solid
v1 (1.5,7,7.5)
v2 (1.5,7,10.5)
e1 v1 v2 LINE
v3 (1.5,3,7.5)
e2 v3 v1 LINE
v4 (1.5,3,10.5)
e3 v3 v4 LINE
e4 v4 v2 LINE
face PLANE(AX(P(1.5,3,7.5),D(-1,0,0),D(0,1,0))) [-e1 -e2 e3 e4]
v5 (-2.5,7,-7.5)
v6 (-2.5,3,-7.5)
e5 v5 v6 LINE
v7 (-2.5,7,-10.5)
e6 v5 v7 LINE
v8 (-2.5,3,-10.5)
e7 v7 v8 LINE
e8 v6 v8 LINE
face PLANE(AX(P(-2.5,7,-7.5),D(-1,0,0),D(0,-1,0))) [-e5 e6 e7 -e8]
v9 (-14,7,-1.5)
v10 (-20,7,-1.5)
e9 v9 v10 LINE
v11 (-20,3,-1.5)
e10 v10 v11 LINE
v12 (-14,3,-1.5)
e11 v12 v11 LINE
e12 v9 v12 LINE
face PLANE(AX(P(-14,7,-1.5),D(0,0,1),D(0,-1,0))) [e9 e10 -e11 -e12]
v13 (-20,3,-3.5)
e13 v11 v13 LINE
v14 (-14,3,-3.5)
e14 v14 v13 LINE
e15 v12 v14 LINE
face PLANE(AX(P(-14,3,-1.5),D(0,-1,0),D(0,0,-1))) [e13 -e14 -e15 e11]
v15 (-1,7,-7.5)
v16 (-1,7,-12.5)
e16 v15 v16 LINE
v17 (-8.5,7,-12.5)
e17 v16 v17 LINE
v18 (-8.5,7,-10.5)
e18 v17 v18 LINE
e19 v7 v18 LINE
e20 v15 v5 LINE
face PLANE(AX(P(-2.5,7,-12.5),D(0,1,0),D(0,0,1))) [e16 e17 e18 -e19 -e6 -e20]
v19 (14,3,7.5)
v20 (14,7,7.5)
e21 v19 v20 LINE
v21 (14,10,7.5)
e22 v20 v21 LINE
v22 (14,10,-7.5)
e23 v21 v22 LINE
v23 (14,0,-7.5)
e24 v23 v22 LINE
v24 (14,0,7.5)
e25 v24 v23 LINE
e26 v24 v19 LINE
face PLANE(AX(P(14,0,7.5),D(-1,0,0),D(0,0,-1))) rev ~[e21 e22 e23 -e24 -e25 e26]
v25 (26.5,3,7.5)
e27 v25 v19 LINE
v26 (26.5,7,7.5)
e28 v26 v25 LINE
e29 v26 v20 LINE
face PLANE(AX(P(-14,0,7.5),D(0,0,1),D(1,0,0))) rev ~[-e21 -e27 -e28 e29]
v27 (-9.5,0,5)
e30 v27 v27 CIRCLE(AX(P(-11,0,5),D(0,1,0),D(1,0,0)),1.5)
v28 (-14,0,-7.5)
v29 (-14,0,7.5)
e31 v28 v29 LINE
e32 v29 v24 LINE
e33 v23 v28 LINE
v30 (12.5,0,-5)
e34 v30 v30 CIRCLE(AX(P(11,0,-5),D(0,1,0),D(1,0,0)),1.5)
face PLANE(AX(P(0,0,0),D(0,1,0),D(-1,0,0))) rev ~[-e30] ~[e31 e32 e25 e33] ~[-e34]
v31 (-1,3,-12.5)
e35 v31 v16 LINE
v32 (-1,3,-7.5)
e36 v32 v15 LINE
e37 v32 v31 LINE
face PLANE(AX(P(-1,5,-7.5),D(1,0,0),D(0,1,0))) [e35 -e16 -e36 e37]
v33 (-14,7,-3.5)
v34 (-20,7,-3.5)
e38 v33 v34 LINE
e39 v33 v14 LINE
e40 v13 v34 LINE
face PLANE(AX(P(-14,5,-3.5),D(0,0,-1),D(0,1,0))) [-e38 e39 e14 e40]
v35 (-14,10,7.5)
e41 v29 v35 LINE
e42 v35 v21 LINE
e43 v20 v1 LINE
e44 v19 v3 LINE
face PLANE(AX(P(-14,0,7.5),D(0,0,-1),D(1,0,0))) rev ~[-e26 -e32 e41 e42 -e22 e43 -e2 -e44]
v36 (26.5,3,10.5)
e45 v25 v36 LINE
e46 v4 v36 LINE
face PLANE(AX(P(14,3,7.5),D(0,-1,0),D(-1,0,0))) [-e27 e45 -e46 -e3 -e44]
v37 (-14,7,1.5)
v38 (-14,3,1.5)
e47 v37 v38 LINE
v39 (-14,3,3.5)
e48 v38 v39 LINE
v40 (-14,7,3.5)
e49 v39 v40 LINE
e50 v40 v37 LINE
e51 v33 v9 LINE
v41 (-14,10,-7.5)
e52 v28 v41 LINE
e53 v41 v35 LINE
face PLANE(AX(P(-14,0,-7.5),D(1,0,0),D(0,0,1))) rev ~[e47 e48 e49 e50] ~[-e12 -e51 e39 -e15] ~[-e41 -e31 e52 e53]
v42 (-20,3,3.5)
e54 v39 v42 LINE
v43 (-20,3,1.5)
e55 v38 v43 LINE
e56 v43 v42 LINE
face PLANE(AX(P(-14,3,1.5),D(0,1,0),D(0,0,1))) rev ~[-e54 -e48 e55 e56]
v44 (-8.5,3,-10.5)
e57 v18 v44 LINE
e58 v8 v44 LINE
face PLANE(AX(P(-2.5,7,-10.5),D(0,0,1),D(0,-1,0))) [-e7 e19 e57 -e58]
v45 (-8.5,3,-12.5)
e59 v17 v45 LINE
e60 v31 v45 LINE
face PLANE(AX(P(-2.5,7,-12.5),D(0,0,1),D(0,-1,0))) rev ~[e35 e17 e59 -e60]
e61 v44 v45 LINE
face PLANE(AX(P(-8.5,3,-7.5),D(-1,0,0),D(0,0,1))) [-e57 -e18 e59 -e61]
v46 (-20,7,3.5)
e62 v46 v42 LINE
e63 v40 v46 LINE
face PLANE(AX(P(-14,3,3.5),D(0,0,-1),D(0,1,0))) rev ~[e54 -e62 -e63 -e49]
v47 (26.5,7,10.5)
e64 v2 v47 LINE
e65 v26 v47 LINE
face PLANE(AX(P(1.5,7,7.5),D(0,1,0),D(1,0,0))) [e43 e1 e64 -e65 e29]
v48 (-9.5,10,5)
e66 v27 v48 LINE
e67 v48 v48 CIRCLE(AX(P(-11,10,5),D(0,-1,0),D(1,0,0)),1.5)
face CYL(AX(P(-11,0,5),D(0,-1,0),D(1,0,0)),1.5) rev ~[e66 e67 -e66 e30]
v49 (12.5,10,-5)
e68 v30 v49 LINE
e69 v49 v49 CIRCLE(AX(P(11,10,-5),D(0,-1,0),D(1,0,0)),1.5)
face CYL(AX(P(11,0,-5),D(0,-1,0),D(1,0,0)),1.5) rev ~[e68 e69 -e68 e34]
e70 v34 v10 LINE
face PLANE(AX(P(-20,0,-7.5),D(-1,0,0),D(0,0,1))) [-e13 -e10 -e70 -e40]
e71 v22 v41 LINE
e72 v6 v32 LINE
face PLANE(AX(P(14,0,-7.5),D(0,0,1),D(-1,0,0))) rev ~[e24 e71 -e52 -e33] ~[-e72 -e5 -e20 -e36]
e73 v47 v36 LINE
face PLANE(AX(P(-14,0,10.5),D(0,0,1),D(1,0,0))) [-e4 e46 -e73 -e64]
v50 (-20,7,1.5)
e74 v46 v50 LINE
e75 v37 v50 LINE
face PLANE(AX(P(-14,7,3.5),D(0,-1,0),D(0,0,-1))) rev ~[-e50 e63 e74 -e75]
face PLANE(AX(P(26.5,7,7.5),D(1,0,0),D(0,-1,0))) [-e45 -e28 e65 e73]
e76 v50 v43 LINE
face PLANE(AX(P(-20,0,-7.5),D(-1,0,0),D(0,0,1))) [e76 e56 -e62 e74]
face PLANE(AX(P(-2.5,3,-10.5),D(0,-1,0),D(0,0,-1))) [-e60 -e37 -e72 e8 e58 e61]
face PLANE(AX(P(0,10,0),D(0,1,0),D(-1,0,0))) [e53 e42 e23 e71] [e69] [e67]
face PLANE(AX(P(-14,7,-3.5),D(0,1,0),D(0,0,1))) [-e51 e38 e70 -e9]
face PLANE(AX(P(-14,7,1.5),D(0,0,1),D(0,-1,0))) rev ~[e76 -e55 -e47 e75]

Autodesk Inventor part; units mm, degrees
ref_plane "YZ Plane" through (0, 0, 0) normal (1, 0, 0) x (0, 1, 0)
ref_plane "XZ Plane" through (0, 0, 0) normal (0, 1, 0) x (-1, 0, 0)
ref_plane "XY Plane" through (0, 0, 0) normal (0, 0, 1) x (1, 0, 0)
sketch "Sketch1" plane through (0, 0, 0) normal (0, 1, 0) x (-1, 0, 0)
  line L0 (14, 7.5) -> (-14, 7.5)
  line L1 (-14, 7.5) -> (-14, -7.5)
  line L2 (-14, -7.5) -> (14, -7.5)
  line L3 (14, -7.5) -> (14, 7.5)
  line L4 (14, 7.5) -> (-14, -7.5) construction
  line L5 (-14, 7.5) -> (14, -7.5) construction
  point P0 (0, 0)
  dimension "d0" = 28
  dimension "d1" = 15
extrude "Extrusion1" add sketch "Sketch1" along normal blind 10
sketch "Sketch2" plane through (-14, 0, 7.5) normal (0, 0, 1) x (1, 0, 0)
  line L0 (15.5, 7) -> (40.5, 7)
  line L1 (40.5, 7) -> (40.5, 3)
  line L2 (40.5, 3) -> (15.5, 3)
  line L3 (15.5, 3) -> (15.5, 7)
  line L4 (28, 0) -> (28, 10) projected
  line L5 (15.5, 7) -> (40.5, 3) construction
  line L6 (40.5, 7) -> (15.5, 3) construction
  point P0 (14, 0)
  point P1 (28, 5)
  dimension "d4" = 25
  dimension "d5" = 4
extrude "Extrusion2" add sketch "Sketch2" along normal blind 3
sketch "Sketch3" plane through (14, 0, -7.5) normal (0, 0, -1) x (-1, 0, 0)
  line L0 (0, 3) -> (0, 7) projected
  line L1 (0, 5) -> (15, 5)
  line L2 (16.5, 3) -> (13.5, 3)
  line L3 (13.5, 3) -> (13.5, 7)
  line L4 (13.5, 7) -> (16.5, 7)
  line L5 (16.5, 7) -> (16.5, 3)
  line L6 (16.5, 3) -> (13.5, 7) construction
  line L7 (13.5, 3) -> (16.5, 7) construction
  line L8 (15, 3) -> (15, 7)
  point P0 (14, 0)
  dimension "d8" = 15
  dimension "d9" = 3
extrude "Extrusion3" add sketch "Sketch3" along normal blind 5 contours L8 L4 L5 L2
sketch "Sketch4" plane through (-2.5, 3, -7.5) normal (-1, 0, 0) x (0, 0, 1)
  line L0 (-5, 4) -> (-5, 0) projected
  line L1 (-5, 4) -> (-3, 4)
  line L2 (-3, 4) -> (-3, 0)
  line L3 (-3, 0) -> (-5, 0)
  line L4 (-5, 0) -> (-5, 4)
  point P0 (7.5, -3)
  dimension "d12" = 2
extrude "Extrusion4" add sketch "Sketch4" along normal blind 6
sketch "Sketch5" plane through (-14, 0, -7.5) normal (-1, 0, 0) x (0, 0, 1)
  line L0 (0, 0) -> (0, 10) projected
  line L1 (0, 5) -> (4, 5)
  line L2 (6, 3) -> (2, 3)
  line L3 (2, 3) -> (2, 7)
  line L4 (2, 7) -> (6, 7)
  line L5 (6, 7) -> (6, 3)
  line L6 (6, 3) -> (2, 7) construction
  line L7 (2, 3) -> (6, 7) construction
  line L8 (4, 3) -> (4, 7)
  line L9 (7.5, 0) -> (7.5, 3)
  line L10 (15, 5) -> (11, 5)
  line L11 (9, 3) -> (13, 3)
  line L12 (13, 3) -> (13, 7)
  line L13 (13, 7) -> (9, 7)
  line L14 (9, 7) -> (9, 3)
  line L15 (9, 3) -> (13, 7) construction
  line L16 (13, 3) -> (9, 7) construction
  line L17 (11, 3) -> (11, 7)
  dimension "d15" = 4
  dimension "d16" = 4
  dimension "d17" = 4
  dimension "d18" = 3
extrude "Extrusion5" add sketch "Sketch5" along normal blind 6 contours L8 L4 L5 L2 | L17 L11 L14 L13
sketch "Sketch7" plane through (0, 0, 0) normal (0, -1, 0) x (1, 0, 0)
  line L0 (14, 7.5) -> (14, -7.5) projected
  line L1 (-14, -7.5) -> (-14, 7.5) projected
  line L2 (11, -5) -> (-11, -5)
  line L3 (-11, -5) -> (-11, 5)
  line L4 (-11, 5) -> (11, 5)
  line L5 (11, 5) -> (11, -5)
  line L6 (11, -5) -> (-11, 5) construction
  line L7 (-11, -5) -> (11, 5) construction
  circle A0 centre (-11, 5) radius 1.5
  circle A1 centre (11, -5) radius 1.5
  point P0 (0, 0)
  dimension "d40" = 22
  dimension "d41" = 10
  dimension "d42" = 3
  dimension "d43" = 3
extrude "Extrusion7" cut sketch "Sketch7" against normal blind 15 contours L5 A1 L2 | L2 A1 L5 | A0 L4 L3 | L3 L4 A0
properties part number "FINAL_DE_CARRERA"
